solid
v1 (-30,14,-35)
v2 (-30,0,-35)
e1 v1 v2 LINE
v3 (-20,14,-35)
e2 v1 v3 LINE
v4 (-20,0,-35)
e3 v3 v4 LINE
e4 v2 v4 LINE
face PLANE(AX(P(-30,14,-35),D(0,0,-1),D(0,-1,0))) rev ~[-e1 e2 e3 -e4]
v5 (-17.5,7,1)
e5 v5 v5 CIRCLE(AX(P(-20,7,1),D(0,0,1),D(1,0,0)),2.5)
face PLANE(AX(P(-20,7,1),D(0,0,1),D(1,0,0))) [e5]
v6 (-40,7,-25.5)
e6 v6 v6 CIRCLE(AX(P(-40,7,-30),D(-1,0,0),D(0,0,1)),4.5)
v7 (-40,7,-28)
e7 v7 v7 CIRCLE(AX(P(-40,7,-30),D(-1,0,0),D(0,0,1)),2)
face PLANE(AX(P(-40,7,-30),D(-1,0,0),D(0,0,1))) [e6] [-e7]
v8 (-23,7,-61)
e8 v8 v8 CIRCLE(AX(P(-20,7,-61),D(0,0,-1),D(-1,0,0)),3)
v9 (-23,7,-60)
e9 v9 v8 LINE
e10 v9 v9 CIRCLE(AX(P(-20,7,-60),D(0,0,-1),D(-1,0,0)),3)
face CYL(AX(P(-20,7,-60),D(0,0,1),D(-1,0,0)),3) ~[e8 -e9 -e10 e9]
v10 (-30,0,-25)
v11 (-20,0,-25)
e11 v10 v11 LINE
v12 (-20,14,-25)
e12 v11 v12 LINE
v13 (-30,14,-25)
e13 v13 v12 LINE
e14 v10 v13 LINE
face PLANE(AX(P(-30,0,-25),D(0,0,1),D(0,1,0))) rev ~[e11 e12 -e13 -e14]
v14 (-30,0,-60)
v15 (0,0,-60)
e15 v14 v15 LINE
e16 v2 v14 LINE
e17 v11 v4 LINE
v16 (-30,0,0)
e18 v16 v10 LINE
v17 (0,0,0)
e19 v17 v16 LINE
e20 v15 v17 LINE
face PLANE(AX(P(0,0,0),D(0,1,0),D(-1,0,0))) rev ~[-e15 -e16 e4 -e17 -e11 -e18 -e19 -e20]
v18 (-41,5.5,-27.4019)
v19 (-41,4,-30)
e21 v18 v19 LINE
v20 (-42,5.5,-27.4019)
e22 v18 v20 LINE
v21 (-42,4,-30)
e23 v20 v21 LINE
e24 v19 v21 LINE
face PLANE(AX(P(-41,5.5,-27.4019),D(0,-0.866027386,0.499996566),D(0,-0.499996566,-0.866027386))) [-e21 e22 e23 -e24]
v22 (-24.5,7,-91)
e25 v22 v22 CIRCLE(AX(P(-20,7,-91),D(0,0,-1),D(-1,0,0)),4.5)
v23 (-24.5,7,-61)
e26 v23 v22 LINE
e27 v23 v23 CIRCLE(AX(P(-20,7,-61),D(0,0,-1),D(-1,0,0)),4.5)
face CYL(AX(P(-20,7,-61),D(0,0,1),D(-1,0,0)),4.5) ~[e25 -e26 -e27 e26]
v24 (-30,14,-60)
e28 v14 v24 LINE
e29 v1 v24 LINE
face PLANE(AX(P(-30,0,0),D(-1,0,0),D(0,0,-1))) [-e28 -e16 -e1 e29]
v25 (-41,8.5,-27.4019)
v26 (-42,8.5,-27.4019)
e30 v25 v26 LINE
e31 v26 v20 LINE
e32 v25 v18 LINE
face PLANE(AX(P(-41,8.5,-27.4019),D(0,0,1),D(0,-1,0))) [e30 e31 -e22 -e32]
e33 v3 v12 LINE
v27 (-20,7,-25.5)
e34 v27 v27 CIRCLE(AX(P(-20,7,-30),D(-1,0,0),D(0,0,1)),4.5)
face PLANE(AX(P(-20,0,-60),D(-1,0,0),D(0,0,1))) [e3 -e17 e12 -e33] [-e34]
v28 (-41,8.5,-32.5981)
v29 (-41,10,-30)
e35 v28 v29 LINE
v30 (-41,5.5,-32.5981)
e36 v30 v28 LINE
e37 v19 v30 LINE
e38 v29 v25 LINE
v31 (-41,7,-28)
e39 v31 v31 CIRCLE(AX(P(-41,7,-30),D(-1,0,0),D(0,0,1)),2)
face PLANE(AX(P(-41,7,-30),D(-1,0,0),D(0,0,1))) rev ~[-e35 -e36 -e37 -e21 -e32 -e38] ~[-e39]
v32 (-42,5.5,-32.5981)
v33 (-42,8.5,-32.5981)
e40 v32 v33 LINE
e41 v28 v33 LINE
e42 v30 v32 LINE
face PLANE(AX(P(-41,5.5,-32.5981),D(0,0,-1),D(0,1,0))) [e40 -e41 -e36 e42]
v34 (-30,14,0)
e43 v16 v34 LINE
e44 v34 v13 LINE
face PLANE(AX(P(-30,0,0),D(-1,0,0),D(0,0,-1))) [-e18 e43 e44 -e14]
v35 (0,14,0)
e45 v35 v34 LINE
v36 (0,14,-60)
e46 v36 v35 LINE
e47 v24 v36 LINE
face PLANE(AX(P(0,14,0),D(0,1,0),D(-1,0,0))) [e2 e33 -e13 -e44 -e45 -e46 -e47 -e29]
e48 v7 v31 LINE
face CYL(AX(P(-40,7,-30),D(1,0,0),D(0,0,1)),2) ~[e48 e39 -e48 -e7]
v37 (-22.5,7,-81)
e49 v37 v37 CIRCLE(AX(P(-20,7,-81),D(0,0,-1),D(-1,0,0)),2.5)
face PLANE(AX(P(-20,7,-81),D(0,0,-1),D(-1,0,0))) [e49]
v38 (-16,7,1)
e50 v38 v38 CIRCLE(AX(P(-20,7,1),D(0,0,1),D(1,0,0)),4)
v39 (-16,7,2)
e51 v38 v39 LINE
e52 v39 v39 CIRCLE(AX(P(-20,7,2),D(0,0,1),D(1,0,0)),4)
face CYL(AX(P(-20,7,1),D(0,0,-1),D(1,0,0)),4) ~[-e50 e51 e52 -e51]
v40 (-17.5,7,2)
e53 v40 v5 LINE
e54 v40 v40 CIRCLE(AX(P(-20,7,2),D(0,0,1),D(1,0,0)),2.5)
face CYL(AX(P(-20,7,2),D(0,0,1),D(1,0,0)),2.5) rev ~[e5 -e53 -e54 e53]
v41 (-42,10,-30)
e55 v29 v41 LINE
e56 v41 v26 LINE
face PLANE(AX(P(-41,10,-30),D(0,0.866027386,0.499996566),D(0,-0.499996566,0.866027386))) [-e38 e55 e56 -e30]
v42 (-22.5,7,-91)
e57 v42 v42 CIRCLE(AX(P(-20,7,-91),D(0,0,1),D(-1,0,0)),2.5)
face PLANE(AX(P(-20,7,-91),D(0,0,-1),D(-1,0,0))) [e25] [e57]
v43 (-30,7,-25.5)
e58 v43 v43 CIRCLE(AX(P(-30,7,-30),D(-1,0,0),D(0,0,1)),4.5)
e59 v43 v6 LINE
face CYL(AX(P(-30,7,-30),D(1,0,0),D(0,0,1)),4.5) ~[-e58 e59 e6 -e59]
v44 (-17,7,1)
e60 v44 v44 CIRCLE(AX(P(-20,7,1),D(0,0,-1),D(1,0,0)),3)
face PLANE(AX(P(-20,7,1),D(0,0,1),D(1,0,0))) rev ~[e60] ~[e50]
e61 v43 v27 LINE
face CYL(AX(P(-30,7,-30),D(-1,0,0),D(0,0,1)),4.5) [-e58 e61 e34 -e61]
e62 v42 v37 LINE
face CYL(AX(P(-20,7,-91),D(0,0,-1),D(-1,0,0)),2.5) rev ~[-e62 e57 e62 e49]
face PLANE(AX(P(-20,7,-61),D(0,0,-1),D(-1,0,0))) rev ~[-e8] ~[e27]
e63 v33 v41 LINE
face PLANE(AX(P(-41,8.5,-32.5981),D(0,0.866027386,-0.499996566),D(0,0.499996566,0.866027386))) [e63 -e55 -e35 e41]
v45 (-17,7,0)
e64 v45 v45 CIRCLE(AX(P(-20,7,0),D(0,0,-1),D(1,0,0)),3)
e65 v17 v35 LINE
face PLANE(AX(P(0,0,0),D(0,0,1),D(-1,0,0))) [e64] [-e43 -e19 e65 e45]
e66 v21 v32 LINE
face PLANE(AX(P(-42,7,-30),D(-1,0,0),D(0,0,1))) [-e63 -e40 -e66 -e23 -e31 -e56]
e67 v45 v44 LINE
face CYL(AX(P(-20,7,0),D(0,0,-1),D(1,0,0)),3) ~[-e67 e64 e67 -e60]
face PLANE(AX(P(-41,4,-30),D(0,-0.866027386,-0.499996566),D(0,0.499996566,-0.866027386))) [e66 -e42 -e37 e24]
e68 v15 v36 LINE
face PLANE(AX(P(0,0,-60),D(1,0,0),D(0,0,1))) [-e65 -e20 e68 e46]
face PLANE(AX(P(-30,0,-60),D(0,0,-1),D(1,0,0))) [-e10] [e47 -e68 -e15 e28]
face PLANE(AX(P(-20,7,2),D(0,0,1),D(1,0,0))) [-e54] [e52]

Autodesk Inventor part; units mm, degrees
ref_plane "YZ Plane" through (0, 0, 0) normal (1, 0, 0) x (0, 1, 0)
ref_plane "XZ Plane" through (0, 0, 0) normal (0, 1, 0) x (-1, 0, 0)
ref_plane "XY Plane" through (0, 0, 0) normal (0, 0, 1) x (1, 0, 0)
sketch "Sketch1" plane through (0, 0, 0) normal (0, 1, 0) x (-1, 0, 0)
  line L0 (0, 0) -> (30, 0)
  line L1 (30, 0) -> (30, -60)
  line L2 (30, -60) -> (0, -60)
  line L3 (0, -60) -> (0, 0)
  dimension "d0" = 30
  dimension "d1" = 60
extrude "Extrusion1" add sketch "Sketch1" along normal blind 14
sketch "Sketch2" plane through (-30, 0, 0) normal (0, 0, 1) x (1, 0, 0)
  line L0 (0, 0) -> (0, 14) projected
  line L1 (0, 7) -> (10, 7)
  circle A0 centre (10, 7) radius 3
  point P0 (30, 0)
  dimension "d4" = 10
  dimension "d5" = 6
extrude "Extrusion2" add sketch "Sketch2" along normal blind 1
sketch "Sketch3" plane through (-20, 7, 1) normal (0, 0, 1) x (1, 0, 0)
  circle A0 centre (0, 0) radius 4
  point P0 (20, -7)
  dimension "d8" = 8
extrude "Extrusion3" add sketch "Sketch3" along normal blind 1
sketch "Sketch4" plane through (-20, 7, 2) normal (0, 0, 1) x (1, 0, 0)
  circle A0 centre (0, 0) radius 2.5
  point P0 (20, -7)
  dimension "d11" = 5
extrude "Extrusion4" cut sketch "Sketch4" against normal blind 1
sketch "Sketch5" plane through (0, 0, -60) normal (0, 0, -1) x (-1, 0, 0)
  line L0 (30, 0) -> (30, 14) projected
  line L1 (30, 7) -> (20, 7)
  circle A0 centre (20, 7) radius 3
  point P0 (0, 0)
  dimension "d14" = 10
  dimension "d15" = 6
extrude "Extrusion5" add sketch "Sketch5" along normal blind 1
sketch "Sketch6" plane through (-20, 7, -61) normal (0, 0, -1) x (-1, 0, 0)
  circle A0 centre (0, 0) radius 4.5
  point P0 (-20, -7)
  dimension "d18" = 9
extrude "Extrusion6" add sketch "Sketch6" along normal blind 30
sketch "Sketch7" plane through (-30, 0, -60) normal (-1, 0, 0) x (0, 0, 1)
  line L0 (60, 0) -> (30, 0)
  line L1 (0, 0) -> (60, 0) projected
  line L2 (30, 0) -> (35, 0)
  line L3 (35, 0) -> (35, 14)
  line L4 (0, 14) -> (60, 14) projected
  line L5 (35, 14) -> (25, 14)
  line L6 (25, 14) -> (25, 0)
  line L7 (25, 0) -> (30, 0)
  circle A0 centre (30, 7) radius 4.5
  dimension "d21" = 5
  dimension "d22" = 10
  dimension "d23" = 9
extrude "Extrusion7" cut sketch "Sketch7" against normal blind 10
sketch "Sketch8" plane through (-30, 7, -30) normal (-1, 0, 0) x (0, 0, 1)
  circle A0 centre (0, 0) radius 4.5
  point P0 (30, -7)
extrude "Extrusion8" add sketch "Sketch8" along normal blind 10
sketch "Sketch9" plane through (-40, 7, -30) normal (-1, 0, 0) x (0, 0, 1)
  circle A0 centre (0, 0) radius 2
  point P0 (30, -7)
  dimension "d28" = 4
extrude "Extrusion9" add sketch "Sketch9" along normal blind 1
sketch "Sketch10" plane through (-41, 7, -30) normal (-1, 0, 0) x (0, 0, 1)
  circle A0 centre (0, 0) radius 3
  line L0 (0, -3) -> (-2.5981, -1.5)
  line L1 (-2.5981, -1.5) -> (-2.5981, 1.5)
  line L2 (-2.5981, 1.5) -> (0, 3)
  line L3 (0, 3) -> (2.5981, 1.5)
  line L4 (2.5981, 1.5) -> (2.5981, -1.5)
  line L5 (2.5981, -1.5) -> (0, -3)
  point P0 (30, -7)
  dimension "d31" = 6
extrude "Extrusion10" add sketch "Sketch10" along normal blind 1 contours L4 L5 L0 L1 L2 L3
sketch "Sketch11" plane through (-20, 7, -91) normal (0, 0, -1) x (-1, 0, 0)
  line L0 (0, -4.5) -> (0, 4.5) projected
  circle A0 centre (0, 0) radius 2.5
  point P0 (-20, -7)
  dimension "d34" = 5
extrude "Extrusion11" cut sketch "Sketch11" against normal blind 10
properties part number "vacuumGenerator"
